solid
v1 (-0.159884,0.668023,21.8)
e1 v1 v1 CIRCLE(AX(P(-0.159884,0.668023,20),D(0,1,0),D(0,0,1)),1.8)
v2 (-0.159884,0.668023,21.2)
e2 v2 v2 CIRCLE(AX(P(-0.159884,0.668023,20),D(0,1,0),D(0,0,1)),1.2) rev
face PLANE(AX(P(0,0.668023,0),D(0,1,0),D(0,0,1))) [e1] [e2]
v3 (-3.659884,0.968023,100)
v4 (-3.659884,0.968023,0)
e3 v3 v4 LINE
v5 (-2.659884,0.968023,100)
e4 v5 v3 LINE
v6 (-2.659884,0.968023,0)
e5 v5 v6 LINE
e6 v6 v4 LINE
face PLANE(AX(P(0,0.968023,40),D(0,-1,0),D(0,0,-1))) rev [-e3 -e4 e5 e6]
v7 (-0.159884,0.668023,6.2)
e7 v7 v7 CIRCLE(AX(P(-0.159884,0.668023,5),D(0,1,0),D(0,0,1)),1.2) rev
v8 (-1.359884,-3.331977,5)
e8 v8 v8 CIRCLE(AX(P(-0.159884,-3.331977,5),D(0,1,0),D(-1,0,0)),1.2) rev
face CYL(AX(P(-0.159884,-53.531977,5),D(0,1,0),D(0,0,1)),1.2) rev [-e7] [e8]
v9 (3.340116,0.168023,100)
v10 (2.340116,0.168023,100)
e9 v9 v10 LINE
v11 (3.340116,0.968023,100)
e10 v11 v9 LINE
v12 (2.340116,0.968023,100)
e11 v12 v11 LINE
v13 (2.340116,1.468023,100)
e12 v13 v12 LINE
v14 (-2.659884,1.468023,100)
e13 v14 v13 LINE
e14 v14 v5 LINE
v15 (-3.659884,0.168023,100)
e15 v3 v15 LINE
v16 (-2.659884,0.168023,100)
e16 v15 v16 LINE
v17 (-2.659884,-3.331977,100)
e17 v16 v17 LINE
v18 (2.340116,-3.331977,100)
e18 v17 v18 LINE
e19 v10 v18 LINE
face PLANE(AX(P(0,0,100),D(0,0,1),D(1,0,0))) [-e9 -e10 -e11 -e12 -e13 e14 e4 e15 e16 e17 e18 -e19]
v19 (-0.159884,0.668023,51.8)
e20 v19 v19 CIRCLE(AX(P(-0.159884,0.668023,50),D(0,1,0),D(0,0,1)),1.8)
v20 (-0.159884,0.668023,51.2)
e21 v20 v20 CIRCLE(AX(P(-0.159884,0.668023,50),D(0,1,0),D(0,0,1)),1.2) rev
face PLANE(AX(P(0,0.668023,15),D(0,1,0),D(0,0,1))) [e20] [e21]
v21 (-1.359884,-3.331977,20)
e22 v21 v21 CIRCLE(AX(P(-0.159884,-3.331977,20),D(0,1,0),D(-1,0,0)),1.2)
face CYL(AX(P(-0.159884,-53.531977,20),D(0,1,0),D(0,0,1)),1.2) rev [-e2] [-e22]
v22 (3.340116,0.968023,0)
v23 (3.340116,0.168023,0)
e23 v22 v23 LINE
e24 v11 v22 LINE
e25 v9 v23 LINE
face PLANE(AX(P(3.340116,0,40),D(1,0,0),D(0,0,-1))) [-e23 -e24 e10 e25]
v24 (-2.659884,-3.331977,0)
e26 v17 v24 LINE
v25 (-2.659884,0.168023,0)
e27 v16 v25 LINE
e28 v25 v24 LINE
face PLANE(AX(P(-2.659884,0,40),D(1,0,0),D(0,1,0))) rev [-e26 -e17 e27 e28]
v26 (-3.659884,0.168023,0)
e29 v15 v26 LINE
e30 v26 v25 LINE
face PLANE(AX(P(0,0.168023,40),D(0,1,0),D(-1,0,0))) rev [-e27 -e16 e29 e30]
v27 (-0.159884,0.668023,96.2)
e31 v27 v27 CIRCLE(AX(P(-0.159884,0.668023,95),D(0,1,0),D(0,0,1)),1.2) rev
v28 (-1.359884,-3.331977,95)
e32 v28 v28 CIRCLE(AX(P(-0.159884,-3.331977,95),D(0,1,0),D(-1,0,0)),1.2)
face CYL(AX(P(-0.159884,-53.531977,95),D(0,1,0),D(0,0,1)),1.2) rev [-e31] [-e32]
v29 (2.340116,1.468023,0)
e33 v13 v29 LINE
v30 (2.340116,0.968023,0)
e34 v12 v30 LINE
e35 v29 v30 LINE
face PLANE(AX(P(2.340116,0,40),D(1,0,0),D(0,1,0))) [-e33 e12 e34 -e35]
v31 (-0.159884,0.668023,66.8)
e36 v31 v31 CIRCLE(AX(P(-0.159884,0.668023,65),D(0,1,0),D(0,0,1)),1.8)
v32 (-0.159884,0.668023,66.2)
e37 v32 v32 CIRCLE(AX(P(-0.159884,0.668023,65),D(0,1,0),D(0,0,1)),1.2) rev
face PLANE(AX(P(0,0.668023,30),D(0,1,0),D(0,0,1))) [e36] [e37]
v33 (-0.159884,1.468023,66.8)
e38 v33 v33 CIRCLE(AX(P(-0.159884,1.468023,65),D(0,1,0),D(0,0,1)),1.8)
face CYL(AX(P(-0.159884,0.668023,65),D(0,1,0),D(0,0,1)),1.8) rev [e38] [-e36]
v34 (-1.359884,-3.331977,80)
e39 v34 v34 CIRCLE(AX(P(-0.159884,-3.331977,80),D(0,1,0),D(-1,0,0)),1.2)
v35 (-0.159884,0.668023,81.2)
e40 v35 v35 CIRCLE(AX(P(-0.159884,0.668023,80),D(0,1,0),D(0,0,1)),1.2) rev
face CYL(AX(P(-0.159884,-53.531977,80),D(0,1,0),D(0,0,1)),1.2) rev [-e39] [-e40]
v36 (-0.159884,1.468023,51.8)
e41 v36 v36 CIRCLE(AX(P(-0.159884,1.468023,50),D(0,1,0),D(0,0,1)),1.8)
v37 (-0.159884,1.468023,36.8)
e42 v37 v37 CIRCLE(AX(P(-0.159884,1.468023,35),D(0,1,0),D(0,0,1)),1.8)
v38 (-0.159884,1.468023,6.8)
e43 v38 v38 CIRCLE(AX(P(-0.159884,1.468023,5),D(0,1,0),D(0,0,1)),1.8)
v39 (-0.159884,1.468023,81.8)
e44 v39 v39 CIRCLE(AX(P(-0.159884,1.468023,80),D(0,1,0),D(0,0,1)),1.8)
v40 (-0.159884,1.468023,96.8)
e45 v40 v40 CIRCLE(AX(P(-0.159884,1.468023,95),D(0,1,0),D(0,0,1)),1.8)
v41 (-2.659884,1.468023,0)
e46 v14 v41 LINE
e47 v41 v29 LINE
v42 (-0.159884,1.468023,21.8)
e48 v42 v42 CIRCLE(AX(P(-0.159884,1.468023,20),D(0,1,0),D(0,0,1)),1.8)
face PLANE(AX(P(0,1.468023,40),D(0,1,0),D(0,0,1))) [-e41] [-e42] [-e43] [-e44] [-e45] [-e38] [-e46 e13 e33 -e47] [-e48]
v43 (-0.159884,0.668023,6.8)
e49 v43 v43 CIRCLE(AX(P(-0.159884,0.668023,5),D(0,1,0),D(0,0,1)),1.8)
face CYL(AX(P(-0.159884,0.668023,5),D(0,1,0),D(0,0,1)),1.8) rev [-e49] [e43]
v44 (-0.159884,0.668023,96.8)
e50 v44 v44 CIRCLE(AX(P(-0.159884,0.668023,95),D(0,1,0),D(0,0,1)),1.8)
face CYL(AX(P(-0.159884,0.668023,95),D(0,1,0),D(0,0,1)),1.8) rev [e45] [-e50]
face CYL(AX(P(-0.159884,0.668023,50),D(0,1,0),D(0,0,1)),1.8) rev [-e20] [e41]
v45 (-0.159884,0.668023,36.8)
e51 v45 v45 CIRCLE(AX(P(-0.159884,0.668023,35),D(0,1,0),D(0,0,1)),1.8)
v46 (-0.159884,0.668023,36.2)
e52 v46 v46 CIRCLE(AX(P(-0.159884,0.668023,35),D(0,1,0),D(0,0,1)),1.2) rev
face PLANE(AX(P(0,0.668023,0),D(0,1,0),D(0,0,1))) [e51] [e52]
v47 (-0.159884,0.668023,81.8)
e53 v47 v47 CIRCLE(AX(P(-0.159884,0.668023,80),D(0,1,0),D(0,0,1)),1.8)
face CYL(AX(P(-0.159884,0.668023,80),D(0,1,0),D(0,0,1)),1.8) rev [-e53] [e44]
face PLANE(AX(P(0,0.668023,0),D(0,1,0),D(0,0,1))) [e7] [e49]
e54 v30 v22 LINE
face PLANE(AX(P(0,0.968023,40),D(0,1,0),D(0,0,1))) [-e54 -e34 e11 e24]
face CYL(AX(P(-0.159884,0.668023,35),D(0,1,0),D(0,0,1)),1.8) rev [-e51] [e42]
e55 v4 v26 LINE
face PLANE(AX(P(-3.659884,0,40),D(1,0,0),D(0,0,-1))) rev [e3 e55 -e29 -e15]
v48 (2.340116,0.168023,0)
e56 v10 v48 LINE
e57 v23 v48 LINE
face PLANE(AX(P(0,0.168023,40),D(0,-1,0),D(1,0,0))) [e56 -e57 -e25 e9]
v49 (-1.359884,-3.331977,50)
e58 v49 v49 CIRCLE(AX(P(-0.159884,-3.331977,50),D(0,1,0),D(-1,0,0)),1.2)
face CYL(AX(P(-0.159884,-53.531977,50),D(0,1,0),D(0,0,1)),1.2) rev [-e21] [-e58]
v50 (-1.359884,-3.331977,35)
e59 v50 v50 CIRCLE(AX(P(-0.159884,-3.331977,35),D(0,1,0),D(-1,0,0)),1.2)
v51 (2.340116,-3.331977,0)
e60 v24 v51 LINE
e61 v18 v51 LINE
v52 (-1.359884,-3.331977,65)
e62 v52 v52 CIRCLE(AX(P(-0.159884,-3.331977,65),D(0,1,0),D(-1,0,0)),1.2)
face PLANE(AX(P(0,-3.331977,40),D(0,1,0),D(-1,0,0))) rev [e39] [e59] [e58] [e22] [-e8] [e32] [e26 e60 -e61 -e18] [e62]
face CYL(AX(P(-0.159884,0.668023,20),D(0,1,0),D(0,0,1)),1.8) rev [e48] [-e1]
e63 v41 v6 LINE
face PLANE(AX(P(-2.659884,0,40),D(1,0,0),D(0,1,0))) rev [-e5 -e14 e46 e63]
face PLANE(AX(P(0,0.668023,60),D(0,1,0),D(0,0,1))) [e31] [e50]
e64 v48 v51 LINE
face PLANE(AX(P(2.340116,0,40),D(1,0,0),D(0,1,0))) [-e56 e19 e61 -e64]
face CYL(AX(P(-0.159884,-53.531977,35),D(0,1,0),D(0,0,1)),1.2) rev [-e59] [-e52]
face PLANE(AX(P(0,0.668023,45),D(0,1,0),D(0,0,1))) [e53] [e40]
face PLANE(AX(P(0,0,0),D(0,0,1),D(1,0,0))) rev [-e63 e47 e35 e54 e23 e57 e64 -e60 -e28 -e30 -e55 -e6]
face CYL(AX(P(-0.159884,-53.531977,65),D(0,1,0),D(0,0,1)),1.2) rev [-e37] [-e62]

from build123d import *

# Parameters (mm, degrees)
SKETCH_1_W             = 1
SKETCH_1_H             = 0.8
EXTRUDE_1_DEPTH        = 40
CUT_EXTRUDE_1_DEPTH    = 55
SKETCH_3_R             = 1.8
CUT_EXTRUDE_2_DEPTH    = 0.8
MOVE_FACE_2_BY         = 60
PATTERN_LINEAR_1_COUNT = 5
PATTERN_LINEAR_1_PITCH = 15


with BuildPart() as part:
    # 草图1 → 凸台-拉伸1 (new body)
    with BuildSketch(Plane.XY):
        with Locations((-3.159883721, 0.568023256)):
            Rectangle(SKETCH_1_W, SKETCH_1_H)
        Polygon((-0.159883721, -3.331976744), (-0.159883721, 1.468023256), (-2.659883721, 1.468023256), (-2.659883721, 0.968023256), (-2.659883721, 0.168023256), (-2.659883721, -3.331976744), align=None)
        Polygon((2.340116279, 0.968023256), (2.340116279, 1.468023256), (-0.159883721, 1.468023256), (-0.159883721, -3.331976744), (2.340116279, -3.331976744), (2.340116279, 0.168023256), align=None)
        with Locations((2.840116279, 0.568023256)):
            Rectangle(SKETCH_1_W, SKETCH_1_H)
    extrude(amount=EXTRUDE_1_DEPTH)

    # 草图2 → 切除-拉伸1 (cut)
    with BuildSketch(Plane(origin=(0, 1.468023256, 0), x_dir=(1, 0, 0), z_dir=(0, 1, 0))):
        with BuildLine():
            ThreePointArc((-0.159883721, -3.8), (-1.359883721, -5), (-0.159883721, -6.2))
            Line((-0.159883721, -6.2), (-0.159883721, -3.8))
        make_face()
        with BuildLine():
            Line((-0.159883721, -3.8), (-0.159883721, -6.2))
            ThreePointArc((-0.159883721, -6.2), (0.688644416, -5.848528137), (1.040116279, -5))
            ThreePointArc((1.040116279, -5), (0.688644416, -4.151471863), (-0.159883721, -3.8))
        make_face()
        with BuildLine():
            ThreePointArc((-1.359883721, -20), (-1.008411858, -20.848528137), (-0.159883721, -21.2))
            Line((-0.159883721, -21.2), (-0.159883721, -20))
            Line((-0.159883721, -20), (-1.359883721, -20))
        make_face()
        with BuildLine():
            Line((-0.159883721, -20), (-0.159883721, -21.2))
            ThreePointArc((-0.159883721, -21.2), (0.688644416, -20.848528137), (1.040116279, -20))
            Line((1.040116279, -20), (-0.159883721, -20))
        make_face()
        with BuildLine():
            Line((-1.359883721, -20), (-0.159883721, -20))
            Line((-0.159883721, -20), (-0.159883721, -18.8))
            ThreePointArc((-0.159883721, -18.8), (-1.008411858, -19.151471863), (-1.359883721, -20))
        make_face()
        with BuildLine():
            Line((-0.159883721, -18.8), (-0.159883721, -20))
            Line((-0.159883721, -20), (1.040116279, -20))
            ThreePointArc((1.040116279, -20), (0.688644416, -19.151471863), (-0.159883721, -18.8))
        make_face()
        with BuildLine():
            ThreePointArc((-0.159883721, -33.8), (-1.359883721, -35), (-0.159883721, -36.2))
            Line((-0.159883721, -36.2), (-0.159883721, -35))
            Line((-0.159883721, -35), (-0.159883721, -33.8))
        make_face()
        with BuildLine():
            Line((-0.159883721, -35), (-0.159883721, -36.2))
            ThreePointArc((-0.159883721, -36.2), (0.688644416, -35.848528137), (1.040116279, -35))
            ThreePointArc((1.040116279, -35), (0.688644416, -34.151471863), (-0.159883721, -33.8))
            Line((-0.159883721, -33.8), (-0.159883721, -35))
        make_face()
    cut_extrude_1 = extrude(amount=-CUT_EXTRUDE_1_DEPTH, mode=Mode.SUBTRACT)

    # 草图3 → 切除-拉伸2 (cut)
    with BuildSketch(Plane(origin=(0, 1.468023256, 0), x_dir=(1, 0, 0), z_dir=(0, 1, 0))):
        with Locations(Location((-0.159883721, -35, 0), (0, 0, 270))):
            Circle(SKETCH_3_R)
        with Locations(Location((-0.159883721, -20, 0), (0, 0, 270))):
            Circle(SKETCH_3_R)
        with Locations(Location((-0.159883721, -5, 0), (0, 0, 270))):
            Circle(SKETCH_3_R)
    cut_extrude_2 = extrude(amount=-CUT_EXTRUDE_2_DEPTH, mode=Mode.SUBTRACT)

    # Move Face 2: a face moved outward by 60.0
    extrude(part.faces().sort_by_distance((-0.159883721, -0.838226744, 40))[0], amount=MOVE_FACE_2_BY, dir=(0, 0, 1))

    # 阵列(线性)1: 切除-拉伸1, 切除-拉伸2 ×5
    with Locations(*[(0, 0, i * PATTERN_LINEAR_1_PITCH) for i in range(1, PATTERN_LINEAR_1_COUNT)]):
        add(cut_extrude_1, mode=Mode.SUBTRACT)
        add(cut_extrude_2, mode=Mode.SUBTRACT)


solid = part.part
